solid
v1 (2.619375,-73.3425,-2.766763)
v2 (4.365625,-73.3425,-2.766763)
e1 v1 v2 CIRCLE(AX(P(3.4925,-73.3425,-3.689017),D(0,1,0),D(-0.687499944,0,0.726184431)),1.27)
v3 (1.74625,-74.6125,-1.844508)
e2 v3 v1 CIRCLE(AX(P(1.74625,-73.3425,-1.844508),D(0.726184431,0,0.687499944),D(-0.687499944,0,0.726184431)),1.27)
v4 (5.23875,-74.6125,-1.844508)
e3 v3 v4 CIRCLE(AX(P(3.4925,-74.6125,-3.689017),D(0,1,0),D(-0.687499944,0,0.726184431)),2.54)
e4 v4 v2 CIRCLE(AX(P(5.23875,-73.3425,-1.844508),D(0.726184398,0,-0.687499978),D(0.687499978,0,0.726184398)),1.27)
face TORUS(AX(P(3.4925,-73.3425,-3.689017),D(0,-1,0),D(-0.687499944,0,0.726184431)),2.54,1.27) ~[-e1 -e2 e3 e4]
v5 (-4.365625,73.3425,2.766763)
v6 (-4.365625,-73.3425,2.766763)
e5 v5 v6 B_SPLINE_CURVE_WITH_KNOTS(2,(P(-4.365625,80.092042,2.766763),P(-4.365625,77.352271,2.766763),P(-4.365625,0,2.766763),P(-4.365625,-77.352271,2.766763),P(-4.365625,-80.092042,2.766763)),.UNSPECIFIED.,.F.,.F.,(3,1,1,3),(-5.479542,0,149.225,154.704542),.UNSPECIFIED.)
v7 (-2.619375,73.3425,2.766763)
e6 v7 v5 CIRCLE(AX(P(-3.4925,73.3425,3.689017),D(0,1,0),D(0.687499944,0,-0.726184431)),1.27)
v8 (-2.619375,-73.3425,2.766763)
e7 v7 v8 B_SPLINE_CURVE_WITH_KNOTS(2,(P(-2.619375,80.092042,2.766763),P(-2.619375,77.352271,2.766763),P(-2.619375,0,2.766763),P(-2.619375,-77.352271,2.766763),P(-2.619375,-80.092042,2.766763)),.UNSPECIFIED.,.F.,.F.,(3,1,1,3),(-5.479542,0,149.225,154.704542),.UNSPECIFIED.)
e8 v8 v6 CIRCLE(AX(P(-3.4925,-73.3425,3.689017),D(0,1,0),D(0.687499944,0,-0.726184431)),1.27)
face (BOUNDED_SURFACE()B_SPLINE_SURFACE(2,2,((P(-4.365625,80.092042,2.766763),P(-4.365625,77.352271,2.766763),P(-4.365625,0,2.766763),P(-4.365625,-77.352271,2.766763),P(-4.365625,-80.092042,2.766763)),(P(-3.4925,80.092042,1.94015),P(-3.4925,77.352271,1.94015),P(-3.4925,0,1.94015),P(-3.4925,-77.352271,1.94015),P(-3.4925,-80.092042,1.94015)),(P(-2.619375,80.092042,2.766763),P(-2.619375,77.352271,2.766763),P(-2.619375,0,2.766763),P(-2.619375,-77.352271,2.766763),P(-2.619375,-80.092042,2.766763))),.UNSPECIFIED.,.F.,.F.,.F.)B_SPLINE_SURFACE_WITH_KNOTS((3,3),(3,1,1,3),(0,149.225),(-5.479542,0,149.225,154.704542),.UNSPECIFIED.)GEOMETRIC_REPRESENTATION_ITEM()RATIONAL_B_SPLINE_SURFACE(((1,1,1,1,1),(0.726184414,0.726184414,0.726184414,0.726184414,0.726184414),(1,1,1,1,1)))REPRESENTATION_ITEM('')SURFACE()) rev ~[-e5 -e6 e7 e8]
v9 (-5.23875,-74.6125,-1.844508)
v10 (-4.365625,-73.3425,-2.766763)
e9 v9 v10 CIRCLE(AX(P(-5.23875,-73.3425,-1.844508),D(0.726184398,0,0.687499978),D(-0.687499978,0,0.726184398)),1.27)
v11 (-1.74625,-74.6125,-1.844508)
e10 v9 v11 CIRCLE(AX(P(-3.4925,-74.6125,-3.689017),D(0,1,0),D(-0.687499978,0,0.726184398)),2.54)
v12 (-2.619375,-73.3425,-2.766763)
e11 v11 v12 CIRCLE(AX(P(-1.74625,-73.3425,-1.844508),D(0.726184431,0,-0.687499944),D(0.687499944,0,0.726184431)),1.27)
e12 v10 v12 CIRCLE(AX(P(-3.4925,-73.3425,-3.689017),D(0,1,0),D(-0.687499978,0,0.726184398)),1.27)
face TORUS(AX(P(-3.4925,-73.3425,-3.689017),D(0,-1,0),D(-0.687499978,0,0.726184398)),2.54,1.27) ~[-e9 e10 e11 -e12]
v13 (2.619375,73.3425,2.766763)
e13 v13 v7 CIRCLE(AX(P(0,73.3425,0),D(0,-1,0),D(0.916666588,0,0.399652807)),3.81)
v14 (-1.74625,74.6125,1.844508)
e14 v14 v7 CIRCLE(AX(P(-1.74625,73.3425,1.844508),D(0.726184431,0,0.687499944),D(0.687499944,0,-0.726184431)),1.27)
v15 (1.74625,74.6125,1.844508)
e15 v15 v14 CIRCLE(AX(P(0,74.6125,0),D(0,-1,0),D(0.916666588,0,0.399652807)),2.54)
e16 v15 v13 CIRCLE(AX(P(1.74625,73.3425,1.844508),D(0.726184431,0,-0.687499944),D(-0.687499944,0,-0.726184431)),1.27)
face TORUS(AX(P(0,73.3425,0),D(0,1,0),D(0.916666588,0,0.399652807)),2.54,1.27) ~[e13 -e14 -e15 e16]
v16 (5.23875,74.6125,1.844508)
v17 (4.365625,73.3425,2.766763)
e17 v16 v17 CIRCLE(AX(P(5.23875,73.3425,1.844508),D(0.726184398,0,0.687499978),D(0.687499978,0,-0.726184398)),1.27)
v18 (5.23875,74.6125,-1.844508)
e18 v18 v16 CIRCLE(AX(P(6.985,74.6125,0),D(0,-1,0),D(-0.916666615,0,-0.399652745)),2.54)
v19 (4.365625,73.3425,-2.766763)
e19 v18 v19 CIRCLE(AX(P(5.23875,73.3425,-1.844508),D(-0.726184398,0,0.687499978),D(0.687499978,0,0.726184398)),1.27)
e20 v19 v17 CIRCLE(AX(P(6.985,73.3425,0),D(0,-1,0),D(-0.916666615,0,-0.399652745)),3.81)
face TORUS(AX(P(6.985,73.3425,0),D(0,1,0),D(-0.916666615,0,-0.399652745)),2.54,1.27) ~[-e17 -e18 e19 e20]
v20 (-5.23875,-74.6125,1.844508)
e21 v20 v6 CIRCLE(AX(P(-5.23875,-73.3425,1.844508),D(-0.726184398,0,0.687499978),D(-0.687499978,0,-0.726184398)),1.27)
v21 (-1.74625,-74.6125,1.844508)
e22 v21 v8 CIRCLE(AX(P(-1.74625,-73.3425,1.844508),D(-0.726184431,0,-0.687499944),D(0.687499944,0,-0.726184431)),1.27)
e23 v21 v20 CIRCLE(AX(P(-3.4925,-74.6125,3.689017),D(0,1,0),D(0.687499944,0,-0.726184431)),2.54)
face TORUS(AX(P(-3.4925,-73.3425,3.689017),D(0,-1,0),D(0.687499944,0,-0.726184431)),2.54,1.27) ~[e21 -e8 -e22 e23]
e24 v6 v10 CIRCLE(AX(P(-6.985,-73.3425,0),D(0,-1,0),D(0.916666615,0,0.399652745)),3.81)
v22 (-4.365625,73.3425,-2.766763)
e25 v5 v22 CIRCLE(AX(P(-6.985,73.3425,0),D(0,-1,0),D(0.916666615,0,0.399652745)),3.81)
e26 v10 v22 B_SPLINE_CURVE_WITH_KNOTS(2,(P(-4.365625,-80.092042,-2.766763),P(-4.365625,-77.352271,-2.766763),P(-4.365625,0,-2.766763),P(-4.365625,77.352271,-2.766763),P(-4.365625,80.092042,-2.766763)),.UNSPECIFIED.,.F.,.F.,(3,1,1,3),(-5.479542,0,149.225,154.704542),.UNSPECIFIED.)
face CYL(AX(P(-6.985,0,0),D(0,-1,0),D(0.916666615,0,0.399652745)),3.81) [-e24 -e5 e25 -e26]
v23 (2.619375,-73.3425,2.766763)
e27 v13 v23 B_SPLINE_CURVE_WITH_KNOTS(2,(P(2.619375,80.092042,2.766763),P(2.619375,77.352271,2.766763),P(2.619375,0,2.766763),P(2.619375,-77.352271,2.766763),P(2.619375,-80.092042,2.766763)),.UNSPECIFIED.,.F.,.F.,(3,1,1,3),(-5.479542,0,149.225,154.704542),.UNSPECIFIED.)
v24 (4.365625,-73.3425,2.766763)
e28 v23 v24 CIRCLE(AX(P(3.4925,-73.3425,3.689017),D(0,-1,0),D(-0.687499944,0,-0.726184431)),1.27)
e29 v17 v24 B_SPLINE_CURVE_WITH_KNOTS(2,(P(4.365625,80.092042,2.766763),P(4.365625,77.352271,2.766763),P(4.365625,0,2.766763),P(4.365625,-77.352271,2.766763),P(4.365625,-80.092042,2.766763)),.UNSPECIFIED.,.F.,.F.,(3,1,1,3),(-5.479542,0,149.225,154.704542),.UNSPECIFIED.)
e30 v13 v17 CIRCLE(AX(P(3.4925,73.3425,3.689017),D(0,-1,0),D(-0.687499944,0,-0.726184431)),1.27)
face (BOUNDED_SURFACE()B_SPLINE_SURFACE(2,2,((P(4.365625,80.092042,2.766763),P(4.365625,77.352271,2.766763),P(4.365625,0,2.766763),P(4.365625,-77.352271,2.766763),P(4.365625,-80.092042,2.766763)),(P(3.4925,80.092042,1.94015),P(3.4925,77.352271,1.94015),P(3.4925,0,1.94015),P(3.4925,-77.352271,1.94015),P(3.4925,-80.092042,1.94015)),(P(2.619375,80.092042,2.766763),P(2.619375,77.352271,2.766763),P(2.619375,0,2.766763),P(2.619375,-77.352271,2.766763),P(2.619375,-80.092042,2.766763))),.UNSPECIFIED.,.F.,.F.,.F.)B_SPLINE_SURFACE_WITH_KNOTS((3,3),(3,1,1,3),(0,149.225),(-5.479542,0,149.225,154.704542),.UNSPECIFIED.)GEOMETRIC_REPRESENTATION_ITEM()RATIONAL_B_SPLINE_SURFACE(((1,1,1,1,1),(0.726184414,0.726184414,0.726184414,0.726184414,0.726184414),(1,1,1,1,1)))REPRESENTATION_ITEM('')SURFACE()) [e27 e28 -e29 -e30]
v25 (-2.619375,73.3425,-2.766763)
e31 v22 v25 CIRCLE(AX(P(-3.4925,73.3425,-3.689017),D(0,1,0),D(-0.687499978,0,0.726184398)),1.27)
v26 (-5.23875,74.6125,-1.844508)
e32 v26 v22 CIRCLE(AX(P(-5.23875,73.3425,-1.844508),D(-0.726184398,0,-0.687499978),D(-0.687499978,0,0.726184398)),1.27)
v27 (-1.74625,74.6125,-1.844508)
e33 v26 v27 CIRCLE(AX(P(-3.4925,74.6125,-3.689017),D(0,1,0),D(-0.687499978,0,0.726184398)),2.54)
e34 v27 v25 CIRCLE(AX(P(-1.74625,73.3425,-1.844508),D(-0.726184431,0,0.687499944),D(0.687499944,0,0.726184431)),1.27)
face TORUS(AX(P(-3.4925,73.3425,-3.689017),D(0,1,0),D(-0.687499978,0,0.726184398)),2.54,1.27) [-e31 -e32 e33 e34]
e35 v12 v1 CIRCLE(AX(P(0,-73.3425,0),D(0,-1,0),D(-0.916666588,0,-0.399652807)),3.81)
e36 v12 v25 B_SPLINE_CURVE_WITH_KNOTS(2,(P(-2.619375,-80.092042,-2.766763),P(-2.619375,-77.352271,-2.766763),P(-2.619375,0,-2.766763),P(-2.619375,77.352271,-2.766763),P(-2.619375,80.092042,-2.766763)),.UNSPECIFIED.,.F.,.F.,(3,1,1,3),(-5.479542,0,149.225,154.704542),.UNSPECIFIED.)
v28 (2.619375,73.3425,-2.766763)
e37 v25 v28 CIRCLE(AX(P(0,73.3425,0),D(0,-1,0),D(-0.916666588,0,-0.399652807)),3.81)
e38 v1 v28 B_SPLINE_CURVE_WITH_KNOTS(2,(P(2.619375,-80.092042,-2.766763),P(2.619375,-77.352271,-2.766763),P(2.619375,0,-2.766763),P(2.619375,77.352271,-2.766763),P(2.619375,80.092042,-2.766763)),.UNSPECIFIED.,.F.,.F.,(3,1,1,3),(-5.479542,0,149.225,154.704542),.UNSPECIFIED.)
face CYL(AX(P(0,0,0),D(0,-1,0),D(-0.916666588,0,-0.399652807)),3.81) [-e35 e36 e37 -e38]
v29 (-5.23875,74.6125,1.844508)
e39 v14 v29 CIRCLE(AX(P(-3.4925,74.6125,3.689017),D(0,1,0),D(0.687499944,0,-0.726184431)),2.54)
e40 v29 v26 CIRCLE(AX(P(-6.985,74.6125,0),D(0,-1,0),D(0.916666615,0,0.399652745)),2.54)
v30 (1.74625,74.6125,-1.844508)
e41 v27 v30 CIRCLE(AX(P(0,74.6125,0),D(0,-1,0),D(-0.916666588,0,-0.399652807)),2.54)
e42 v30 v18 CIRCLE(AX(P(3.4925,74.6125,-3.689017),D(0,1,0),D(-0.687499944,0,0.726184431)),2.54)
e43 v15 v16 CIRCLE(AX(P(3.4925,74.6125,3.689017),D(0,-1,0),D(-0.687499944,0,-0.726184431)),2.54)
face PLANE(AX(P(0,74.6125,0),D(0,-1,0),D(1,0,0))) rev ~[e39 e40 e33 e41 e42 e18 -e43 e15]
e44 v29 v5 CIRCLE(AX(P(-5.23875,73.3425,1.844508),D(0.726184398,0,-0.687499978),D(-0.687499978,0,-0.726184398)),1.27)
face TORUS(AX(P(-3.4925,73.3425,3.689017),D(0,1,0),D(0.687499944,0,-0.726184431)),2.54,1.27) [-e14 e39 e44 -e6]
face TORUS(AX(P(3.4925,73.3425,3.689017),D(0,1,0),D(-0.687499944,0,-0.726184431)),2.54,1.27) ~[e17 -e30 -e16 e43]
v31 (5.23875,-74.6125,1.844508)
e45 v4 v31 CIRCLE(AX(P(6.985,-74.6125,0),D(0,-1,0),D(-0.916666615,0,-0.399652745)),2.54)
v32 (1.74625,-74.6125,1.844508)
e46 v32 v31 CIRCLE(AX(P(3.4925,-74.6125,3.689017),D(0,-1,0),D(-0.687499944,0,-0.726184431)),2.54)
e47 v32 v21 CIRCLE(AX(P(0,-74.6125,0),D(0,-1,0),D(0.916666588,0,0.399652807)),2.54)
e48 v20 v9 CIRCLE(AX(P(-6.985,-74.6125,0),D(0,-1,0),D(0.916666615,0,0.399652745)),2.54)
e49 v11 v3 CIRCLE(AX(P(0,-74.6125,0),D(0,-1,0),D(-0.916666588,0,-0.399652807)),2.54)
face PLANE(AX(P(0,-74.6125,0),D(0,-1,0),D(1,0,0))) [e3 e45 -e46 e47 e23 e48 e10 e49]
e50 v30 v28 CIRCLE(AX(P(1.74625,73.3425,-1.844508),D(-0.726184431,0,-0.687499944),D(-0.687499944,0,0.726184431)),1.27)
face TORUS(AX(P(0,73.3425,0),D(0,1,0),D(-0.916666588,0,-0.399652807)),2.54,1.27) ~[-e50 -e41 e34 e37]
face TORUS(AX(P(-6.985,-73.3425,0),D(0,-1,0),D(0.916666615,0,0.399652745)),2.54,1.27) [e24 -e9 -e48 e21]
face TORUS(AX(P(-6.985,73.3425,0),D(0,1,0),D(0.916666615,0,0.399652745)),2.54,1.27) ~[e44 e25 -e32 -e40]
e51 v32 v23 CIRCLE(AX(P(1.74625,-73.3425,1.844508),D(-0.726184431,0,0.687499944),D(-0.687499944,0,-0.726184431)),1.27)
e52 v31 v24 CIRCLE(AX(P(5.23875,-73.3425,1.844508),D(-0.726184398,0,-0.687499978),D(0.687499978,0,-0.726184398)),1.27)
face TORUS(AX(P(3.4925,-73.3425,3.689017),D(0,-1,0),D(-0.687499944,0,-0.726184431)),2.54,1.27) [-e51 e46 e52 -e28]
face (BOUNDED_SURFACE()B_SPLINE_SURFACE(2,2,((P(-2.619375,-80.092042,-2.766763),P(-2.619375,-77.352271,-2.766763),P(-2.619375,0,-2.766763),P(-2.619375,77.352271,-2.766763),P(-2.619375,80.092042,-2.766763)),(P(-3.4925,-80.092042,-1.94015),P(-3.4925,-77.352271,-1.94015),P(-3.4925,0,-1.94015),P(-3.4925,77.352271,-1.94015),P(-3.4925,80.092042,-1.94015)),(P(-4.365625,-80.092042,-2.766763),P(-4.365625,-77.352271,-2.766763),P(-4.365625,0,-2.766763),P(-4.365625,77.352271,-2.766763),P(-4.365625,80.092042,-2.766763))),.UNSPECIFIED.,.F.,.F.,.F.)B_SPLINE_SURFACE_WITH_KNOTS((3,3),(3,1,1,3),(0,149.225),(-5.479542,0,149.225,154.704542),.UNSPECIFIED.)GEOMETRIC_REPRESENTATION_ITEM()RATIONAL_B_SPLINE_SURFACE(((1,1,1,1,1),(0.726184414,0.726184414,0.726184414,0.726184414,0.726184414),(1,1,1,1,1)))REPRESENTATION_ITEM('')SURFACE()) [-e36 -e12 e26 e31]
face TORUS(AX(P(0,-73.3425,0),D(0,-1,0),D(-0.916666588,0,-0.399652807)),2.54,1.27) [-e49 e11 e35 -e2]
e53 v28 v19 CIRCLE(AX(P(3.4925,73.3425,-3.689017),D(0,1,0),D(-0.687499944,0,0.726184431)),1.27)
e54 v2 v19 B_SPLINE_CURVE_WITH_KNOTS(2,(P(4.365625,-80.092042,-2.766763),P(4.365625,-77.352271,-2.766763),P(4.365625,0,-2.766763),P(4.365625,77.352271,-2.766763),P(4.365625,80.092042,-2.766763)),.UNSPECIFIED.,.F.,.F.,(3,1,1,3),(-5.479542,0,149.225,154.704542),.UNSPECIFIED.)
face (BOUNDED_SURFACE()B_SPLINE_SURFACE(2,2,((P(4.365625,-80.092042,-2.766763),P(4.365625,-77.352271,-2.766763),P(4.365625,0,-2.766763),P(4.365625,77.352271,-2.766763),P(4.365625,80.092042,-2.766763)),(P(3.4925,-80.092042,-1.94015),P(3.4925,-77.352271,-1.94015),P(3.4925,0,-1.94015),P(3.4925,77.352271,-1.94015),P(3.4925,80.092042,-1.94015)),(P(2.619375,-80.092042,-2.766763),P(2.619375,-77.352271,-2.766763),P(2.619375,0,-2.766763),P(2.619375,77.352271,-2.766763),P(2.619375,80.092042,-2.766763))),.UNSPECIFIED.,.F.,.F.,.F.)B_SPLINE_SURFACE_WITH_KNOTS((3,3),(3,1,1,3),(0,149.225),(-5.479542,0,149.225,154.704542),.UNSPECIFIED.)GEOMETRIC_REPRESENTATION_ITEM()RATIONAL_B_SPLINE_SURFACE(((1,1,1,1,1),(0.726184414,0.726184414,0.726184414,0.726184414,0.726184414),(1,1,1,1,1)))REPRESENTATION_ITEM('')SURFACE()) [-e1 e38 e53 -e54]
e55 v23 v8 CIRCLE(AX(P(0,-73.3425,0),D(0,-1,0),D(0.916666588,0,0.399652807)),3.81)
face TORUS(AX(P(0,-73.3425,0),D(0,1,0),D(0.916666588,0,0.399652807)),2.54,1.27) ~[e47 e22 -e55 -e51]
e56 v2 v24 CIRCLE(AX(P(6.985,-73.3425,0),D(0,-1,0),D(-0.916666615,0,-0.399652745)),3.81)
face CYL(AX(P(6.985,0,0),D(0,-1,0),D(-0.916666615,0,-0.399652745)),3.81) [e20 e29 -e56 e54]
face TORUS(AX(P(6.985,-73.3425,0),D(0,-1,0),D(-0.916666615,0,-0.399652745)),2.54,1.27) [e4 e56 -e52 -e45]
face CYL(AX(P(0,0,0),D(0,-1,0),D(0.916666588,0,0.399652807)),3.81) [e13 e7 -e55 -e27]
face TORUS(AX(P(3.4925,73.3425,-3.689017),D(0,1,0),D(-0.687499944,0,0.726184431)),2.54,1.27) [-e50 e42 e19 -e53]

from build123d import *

# Parameters (mm, degrees)
F1_DEPTH = 74.6125
F2_R     = 1.27


with BuildPart() as f1:
    # F0 (on Front) → F1 (new body, symmetric)
    with BuildSketch(Plane.XZ):
        with BuildLine():
            ThreePointArc((3.4925, -1.522677), (10.795, 0), (3.4925, 1.522677))
            ThreePointArc((3.4925, 1.522677), (0, 3.81), (-3.4925, 1.522677))
            ThreePointArc((-3.4925, 1.522677), (-10.795, 0), (-3.4925, -1.522677))
            ThreePointArc((-3.4925, -1.522677), (0, -3.81), (3.4925, -1.522677))
        make_face()
    extrude(amount=F1_DEPTH, both=True)

    # F2
    f2_edges = [f1.edges().sort_by_distance(p)[0] for p in [
        (0, 74.6125, 3.81),
        (-10.795, 74.6125, 0),
        (0, 74.6125, -3.81),
        (10.795, 74.6125, 0),
        (3.4925, 0, 1.522677),
        (-3.4925, 0, 1.522677),
        (3.4925, 0, -1.522677),
        (-3.4925, 0, -1.522677),
        (0, -74.6125, 3.81),
        (-10.795, -74.6125, 0),
        (0, -74.6125, -3.81),
        (10.795, -74.6125, 0),
    ]]
    fillet(f2_edges, radius=F2_R)


solid = f1.part
